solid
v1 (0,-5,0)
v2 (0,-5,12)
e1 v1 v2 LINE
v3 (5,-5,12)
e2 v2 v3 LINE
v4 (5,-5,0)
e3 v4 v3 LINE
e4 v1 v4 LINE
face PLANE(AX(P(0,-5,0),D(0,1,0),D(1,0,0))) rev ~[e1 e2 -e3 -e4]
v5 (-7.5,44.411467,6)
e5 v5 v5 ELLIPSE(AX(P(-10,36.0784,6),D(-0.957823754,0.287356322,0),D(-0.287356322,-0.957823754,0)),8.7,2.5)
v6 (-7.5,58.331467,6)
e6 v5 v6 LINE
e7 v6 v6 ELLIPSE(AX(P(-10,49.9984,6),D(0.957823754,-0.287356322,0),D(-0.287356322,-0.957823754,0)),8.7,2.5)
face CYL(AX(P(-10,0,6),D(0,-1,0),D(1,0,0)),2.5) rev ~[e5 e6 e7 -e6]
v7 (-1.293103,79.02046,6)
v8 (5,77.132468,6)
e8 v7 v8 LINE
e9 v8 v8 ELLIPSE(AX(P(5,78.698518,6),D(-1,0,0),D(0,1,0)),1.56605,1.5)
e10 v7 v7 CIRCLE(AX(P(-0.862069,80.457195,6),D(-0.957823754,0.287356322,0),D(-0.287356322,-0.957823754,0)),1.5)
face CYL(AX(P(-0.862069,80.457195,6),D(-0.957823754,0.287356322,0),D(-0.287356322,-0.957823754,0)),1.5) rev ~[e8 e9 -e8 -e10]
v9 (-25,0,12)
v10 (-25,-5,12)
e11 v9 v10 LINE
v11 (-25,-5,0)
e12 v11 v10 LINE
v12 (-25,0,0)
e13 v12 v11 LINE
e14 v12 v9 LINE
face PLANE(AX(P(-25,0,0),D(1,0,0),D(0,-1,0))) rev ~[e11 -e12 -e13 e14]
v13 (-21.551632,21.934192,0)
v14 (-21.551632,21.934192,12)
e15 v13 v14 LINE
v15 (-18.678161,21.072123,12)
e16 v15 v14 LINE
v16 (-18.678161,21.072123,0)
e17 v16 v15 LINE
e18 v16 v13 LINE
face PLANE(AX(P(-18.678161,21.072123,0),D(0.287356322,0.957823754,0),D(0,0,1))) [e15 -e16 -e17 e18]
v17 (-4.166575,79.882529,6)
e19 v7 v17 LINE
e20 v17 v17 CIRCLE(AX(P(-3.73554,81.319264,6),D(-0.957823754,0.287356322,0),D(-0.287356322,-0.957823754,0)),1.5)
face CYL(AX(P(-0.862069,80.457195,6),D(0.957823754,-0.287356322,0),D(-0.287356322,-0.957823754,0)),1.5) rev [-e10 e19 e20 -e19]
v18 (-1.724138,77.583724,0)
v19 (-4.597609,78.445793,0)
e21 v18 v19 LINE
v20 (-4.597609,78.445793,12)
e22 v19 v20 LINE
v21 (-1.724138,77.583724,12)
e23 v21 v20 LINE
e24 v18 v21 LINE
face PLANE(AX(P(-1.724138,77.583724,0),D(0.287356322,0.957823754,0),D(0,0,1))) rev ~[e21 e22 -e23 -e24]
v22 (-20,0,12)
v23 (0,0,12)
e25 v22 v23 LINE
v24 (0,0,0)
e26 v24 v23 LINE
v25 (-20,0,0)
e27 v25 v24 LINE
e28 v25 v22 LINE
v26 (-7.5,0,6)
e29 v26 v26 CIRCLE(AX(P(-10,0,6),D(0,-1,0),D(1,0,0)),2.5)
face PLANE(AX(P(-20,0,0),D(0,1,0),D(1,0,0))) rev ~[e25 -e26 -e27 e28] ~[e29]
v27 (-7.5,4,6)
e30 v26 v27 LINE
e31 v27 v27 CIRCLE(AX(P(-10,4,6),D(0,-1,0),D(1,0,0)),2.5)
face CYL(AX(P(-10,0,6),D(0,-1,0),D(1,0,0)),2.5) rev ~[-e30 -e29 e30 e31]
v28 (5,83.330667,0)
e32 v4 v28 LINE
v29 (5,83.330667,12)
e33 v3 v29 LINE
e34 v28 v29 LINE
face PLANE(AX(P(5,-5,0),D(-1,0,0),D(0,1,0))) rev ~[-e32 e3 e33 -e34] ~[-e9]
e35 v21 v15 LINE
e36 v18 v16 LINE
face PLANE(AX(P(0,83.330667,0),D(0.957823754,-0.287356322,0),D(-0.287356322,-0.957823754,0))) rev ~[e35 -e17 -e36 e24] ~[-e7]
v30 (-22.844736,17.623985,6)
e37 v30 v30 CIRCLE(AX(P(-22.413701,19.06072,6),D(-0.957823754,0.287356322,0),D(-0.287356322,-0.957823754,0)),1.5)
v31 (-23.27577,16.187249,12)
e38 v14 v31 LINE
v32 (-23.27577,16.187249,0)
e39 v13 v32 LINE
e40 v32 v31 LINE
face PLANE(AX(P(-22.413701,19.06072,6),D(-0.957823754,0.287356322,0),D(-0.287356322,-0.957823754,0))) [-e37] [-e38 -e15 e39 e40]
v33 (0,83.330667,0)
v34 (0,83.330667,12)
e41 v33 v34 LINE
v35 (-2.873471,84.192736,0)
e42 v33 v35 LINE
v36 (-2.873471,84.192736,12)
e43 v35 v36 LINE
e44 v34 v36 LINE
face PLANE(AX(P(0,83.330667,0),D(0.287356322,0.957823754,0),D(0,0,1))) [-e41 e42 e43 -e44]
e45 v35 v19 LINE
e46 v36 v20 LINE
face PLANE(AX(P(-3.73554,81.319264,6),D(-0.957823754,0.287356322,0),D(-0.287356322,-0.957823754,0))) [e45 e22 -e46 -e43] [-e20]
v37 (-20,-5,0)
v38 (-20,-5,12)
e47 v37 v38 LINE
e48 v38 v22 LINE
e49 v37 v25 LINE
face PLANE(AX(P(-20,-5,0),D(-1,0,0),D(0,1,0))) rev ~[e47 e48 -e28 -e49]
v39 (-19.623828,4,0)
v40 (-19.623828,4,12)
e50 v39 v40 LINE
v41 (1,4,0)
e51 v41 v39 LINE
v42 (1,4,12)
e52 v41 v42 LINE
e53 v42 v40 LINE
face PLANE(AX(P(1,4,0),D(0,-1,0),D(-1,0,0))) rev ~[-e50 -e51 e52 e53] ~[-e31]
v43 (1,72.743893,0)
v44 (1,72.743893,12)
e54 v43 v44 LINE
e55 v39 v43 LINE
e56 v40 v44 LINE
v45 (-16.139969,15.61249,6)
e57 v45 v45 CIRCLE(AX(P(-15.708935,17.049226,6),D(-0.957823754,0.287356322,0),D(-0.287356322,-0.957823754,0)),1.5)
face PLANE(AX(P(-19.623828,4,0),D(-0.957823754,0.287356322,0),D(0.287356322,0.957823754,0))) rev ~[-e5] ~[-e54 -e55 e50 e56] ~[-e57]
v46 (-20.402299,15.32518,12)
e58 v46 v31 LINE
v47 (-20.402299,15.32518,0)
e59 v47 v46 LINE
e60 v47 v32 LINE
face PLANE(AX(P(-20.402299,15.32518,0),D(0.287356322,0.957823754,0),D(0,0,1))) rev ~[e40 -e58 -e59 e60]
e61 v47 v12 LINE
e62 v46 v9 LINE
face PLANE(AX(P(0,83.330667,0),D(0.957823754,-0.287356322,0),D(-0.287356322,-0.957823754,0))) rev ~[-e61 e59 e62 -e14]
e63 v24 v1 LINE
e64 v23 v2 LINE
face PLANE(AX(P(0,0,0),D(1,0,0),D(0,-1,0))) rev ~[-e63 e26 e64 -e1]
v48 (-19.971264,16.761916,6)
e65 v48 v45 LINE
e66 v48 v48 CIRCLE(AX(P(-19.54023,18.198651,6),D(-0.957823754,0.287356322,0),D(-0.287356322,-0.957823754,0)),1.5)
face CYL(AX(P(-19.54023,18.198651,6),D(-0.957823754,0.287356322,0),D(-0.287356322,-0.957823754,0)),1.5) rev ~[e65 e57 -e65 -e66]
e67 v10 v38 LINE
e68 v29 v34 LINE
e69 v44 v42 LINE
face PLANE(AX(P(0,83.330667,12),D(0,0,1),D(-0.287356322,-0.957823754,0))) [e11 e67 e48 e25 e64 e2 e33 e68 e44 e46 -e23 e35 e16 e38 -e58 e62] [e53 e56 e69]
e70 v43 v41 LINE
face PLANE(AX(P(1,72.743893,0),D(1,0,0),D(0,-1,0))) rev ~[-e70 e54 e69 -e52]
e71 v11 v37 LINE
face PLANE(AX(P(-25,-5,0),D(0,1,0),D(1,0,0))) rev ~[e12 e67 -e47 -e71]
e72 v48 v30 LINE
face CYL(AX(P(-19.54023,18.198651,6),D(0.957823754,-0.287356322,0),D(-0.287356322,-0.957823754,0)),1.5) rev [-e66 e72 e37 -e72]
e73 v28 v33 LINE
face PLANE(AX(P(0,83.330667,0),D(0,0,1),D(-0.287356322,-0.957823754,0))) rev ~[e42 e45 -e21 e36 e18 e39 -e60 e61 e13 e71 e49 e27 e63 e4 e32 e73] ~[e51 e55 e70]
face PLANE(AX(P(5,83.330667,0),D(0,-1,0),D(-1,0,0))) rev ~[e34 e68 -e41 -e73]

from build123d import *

# Parameters (mm, degrees)
F1_DEPTH = 12
F2_R     = 2.5
F3_DEPTH = 83.331666624
F4_W     = 6
F4_H     = 12
F4_R     = 1.5
F5_DEPTH = 3
F6_DEPTH = 6.5712102501


with BuildPart() as f1:
    # F0 (on Top) → F1 (new body)
    with BuildSketch(Plane.XY):
        Polygon((-20, -5), (-20, 0), (0, 0), (0, -5), (5, -5), (5, 83.330666624), (0, 83.330666624), (-25, 0), (-25, -5), align=None)
        Polygon((1, 4), (-19.6238279597, 4), (1, 72.743893289), align=None, mode=Mode.SUBTRACT)
    extrude(amount=F1_DEPTH)

    # F2 (on face) → F3 (cut, through all)
    with BuildSketch(Plane.XZ):
        with Locations((-10, 6)):
            Circle(F2_R)
    extrude(amount=-F3_DEPTH, mode=Mode.SUBTRACT)

    # F4 (on face) → F5 (join)
    with BuildSketch(Plane(origin=(-22.9356586075, 6.8809177751, 0), x_dir=(-0.2873563218, -0.9578237543, 0), z_dir=(-0.9578237543, 0.2873563218, 0))):
        with Locations((-76.816091954, 6)):
            Rectangle(F4_W, F4_H)
        with Locations((-76.816091954, 6)):
            Circle(F4_R, mode=Mode.SUBTRACT)
        with Locations((-11.816091954, 6)):
            Rectangle(F4_W, F4_H)
        with Locations((-11.816091954, 6)):
            Circle(F4_R, mode=Mode.SUBTRACT)
    extrude(amount=F5_DEPTH)

    # F4 (on face) → F6 (cut, through all)
    with BuildSketch(Plane(origin=(-22.9356586075, 6.8809177751, 0), x_dir=(-0.2873563218, -0.9578237543, 0), z_dir=(-0.9578237543, 0.2873563218, 0))):
        with Locations((-76.816091954, 6)):
            Circle(F4_R)
        with Locations((-11.816091954, 6)):
            Circle(F4_R)
    extrude(amount=-F6_DEPTH, mode=Mode.SUBTRACT)


solid = f1.part
